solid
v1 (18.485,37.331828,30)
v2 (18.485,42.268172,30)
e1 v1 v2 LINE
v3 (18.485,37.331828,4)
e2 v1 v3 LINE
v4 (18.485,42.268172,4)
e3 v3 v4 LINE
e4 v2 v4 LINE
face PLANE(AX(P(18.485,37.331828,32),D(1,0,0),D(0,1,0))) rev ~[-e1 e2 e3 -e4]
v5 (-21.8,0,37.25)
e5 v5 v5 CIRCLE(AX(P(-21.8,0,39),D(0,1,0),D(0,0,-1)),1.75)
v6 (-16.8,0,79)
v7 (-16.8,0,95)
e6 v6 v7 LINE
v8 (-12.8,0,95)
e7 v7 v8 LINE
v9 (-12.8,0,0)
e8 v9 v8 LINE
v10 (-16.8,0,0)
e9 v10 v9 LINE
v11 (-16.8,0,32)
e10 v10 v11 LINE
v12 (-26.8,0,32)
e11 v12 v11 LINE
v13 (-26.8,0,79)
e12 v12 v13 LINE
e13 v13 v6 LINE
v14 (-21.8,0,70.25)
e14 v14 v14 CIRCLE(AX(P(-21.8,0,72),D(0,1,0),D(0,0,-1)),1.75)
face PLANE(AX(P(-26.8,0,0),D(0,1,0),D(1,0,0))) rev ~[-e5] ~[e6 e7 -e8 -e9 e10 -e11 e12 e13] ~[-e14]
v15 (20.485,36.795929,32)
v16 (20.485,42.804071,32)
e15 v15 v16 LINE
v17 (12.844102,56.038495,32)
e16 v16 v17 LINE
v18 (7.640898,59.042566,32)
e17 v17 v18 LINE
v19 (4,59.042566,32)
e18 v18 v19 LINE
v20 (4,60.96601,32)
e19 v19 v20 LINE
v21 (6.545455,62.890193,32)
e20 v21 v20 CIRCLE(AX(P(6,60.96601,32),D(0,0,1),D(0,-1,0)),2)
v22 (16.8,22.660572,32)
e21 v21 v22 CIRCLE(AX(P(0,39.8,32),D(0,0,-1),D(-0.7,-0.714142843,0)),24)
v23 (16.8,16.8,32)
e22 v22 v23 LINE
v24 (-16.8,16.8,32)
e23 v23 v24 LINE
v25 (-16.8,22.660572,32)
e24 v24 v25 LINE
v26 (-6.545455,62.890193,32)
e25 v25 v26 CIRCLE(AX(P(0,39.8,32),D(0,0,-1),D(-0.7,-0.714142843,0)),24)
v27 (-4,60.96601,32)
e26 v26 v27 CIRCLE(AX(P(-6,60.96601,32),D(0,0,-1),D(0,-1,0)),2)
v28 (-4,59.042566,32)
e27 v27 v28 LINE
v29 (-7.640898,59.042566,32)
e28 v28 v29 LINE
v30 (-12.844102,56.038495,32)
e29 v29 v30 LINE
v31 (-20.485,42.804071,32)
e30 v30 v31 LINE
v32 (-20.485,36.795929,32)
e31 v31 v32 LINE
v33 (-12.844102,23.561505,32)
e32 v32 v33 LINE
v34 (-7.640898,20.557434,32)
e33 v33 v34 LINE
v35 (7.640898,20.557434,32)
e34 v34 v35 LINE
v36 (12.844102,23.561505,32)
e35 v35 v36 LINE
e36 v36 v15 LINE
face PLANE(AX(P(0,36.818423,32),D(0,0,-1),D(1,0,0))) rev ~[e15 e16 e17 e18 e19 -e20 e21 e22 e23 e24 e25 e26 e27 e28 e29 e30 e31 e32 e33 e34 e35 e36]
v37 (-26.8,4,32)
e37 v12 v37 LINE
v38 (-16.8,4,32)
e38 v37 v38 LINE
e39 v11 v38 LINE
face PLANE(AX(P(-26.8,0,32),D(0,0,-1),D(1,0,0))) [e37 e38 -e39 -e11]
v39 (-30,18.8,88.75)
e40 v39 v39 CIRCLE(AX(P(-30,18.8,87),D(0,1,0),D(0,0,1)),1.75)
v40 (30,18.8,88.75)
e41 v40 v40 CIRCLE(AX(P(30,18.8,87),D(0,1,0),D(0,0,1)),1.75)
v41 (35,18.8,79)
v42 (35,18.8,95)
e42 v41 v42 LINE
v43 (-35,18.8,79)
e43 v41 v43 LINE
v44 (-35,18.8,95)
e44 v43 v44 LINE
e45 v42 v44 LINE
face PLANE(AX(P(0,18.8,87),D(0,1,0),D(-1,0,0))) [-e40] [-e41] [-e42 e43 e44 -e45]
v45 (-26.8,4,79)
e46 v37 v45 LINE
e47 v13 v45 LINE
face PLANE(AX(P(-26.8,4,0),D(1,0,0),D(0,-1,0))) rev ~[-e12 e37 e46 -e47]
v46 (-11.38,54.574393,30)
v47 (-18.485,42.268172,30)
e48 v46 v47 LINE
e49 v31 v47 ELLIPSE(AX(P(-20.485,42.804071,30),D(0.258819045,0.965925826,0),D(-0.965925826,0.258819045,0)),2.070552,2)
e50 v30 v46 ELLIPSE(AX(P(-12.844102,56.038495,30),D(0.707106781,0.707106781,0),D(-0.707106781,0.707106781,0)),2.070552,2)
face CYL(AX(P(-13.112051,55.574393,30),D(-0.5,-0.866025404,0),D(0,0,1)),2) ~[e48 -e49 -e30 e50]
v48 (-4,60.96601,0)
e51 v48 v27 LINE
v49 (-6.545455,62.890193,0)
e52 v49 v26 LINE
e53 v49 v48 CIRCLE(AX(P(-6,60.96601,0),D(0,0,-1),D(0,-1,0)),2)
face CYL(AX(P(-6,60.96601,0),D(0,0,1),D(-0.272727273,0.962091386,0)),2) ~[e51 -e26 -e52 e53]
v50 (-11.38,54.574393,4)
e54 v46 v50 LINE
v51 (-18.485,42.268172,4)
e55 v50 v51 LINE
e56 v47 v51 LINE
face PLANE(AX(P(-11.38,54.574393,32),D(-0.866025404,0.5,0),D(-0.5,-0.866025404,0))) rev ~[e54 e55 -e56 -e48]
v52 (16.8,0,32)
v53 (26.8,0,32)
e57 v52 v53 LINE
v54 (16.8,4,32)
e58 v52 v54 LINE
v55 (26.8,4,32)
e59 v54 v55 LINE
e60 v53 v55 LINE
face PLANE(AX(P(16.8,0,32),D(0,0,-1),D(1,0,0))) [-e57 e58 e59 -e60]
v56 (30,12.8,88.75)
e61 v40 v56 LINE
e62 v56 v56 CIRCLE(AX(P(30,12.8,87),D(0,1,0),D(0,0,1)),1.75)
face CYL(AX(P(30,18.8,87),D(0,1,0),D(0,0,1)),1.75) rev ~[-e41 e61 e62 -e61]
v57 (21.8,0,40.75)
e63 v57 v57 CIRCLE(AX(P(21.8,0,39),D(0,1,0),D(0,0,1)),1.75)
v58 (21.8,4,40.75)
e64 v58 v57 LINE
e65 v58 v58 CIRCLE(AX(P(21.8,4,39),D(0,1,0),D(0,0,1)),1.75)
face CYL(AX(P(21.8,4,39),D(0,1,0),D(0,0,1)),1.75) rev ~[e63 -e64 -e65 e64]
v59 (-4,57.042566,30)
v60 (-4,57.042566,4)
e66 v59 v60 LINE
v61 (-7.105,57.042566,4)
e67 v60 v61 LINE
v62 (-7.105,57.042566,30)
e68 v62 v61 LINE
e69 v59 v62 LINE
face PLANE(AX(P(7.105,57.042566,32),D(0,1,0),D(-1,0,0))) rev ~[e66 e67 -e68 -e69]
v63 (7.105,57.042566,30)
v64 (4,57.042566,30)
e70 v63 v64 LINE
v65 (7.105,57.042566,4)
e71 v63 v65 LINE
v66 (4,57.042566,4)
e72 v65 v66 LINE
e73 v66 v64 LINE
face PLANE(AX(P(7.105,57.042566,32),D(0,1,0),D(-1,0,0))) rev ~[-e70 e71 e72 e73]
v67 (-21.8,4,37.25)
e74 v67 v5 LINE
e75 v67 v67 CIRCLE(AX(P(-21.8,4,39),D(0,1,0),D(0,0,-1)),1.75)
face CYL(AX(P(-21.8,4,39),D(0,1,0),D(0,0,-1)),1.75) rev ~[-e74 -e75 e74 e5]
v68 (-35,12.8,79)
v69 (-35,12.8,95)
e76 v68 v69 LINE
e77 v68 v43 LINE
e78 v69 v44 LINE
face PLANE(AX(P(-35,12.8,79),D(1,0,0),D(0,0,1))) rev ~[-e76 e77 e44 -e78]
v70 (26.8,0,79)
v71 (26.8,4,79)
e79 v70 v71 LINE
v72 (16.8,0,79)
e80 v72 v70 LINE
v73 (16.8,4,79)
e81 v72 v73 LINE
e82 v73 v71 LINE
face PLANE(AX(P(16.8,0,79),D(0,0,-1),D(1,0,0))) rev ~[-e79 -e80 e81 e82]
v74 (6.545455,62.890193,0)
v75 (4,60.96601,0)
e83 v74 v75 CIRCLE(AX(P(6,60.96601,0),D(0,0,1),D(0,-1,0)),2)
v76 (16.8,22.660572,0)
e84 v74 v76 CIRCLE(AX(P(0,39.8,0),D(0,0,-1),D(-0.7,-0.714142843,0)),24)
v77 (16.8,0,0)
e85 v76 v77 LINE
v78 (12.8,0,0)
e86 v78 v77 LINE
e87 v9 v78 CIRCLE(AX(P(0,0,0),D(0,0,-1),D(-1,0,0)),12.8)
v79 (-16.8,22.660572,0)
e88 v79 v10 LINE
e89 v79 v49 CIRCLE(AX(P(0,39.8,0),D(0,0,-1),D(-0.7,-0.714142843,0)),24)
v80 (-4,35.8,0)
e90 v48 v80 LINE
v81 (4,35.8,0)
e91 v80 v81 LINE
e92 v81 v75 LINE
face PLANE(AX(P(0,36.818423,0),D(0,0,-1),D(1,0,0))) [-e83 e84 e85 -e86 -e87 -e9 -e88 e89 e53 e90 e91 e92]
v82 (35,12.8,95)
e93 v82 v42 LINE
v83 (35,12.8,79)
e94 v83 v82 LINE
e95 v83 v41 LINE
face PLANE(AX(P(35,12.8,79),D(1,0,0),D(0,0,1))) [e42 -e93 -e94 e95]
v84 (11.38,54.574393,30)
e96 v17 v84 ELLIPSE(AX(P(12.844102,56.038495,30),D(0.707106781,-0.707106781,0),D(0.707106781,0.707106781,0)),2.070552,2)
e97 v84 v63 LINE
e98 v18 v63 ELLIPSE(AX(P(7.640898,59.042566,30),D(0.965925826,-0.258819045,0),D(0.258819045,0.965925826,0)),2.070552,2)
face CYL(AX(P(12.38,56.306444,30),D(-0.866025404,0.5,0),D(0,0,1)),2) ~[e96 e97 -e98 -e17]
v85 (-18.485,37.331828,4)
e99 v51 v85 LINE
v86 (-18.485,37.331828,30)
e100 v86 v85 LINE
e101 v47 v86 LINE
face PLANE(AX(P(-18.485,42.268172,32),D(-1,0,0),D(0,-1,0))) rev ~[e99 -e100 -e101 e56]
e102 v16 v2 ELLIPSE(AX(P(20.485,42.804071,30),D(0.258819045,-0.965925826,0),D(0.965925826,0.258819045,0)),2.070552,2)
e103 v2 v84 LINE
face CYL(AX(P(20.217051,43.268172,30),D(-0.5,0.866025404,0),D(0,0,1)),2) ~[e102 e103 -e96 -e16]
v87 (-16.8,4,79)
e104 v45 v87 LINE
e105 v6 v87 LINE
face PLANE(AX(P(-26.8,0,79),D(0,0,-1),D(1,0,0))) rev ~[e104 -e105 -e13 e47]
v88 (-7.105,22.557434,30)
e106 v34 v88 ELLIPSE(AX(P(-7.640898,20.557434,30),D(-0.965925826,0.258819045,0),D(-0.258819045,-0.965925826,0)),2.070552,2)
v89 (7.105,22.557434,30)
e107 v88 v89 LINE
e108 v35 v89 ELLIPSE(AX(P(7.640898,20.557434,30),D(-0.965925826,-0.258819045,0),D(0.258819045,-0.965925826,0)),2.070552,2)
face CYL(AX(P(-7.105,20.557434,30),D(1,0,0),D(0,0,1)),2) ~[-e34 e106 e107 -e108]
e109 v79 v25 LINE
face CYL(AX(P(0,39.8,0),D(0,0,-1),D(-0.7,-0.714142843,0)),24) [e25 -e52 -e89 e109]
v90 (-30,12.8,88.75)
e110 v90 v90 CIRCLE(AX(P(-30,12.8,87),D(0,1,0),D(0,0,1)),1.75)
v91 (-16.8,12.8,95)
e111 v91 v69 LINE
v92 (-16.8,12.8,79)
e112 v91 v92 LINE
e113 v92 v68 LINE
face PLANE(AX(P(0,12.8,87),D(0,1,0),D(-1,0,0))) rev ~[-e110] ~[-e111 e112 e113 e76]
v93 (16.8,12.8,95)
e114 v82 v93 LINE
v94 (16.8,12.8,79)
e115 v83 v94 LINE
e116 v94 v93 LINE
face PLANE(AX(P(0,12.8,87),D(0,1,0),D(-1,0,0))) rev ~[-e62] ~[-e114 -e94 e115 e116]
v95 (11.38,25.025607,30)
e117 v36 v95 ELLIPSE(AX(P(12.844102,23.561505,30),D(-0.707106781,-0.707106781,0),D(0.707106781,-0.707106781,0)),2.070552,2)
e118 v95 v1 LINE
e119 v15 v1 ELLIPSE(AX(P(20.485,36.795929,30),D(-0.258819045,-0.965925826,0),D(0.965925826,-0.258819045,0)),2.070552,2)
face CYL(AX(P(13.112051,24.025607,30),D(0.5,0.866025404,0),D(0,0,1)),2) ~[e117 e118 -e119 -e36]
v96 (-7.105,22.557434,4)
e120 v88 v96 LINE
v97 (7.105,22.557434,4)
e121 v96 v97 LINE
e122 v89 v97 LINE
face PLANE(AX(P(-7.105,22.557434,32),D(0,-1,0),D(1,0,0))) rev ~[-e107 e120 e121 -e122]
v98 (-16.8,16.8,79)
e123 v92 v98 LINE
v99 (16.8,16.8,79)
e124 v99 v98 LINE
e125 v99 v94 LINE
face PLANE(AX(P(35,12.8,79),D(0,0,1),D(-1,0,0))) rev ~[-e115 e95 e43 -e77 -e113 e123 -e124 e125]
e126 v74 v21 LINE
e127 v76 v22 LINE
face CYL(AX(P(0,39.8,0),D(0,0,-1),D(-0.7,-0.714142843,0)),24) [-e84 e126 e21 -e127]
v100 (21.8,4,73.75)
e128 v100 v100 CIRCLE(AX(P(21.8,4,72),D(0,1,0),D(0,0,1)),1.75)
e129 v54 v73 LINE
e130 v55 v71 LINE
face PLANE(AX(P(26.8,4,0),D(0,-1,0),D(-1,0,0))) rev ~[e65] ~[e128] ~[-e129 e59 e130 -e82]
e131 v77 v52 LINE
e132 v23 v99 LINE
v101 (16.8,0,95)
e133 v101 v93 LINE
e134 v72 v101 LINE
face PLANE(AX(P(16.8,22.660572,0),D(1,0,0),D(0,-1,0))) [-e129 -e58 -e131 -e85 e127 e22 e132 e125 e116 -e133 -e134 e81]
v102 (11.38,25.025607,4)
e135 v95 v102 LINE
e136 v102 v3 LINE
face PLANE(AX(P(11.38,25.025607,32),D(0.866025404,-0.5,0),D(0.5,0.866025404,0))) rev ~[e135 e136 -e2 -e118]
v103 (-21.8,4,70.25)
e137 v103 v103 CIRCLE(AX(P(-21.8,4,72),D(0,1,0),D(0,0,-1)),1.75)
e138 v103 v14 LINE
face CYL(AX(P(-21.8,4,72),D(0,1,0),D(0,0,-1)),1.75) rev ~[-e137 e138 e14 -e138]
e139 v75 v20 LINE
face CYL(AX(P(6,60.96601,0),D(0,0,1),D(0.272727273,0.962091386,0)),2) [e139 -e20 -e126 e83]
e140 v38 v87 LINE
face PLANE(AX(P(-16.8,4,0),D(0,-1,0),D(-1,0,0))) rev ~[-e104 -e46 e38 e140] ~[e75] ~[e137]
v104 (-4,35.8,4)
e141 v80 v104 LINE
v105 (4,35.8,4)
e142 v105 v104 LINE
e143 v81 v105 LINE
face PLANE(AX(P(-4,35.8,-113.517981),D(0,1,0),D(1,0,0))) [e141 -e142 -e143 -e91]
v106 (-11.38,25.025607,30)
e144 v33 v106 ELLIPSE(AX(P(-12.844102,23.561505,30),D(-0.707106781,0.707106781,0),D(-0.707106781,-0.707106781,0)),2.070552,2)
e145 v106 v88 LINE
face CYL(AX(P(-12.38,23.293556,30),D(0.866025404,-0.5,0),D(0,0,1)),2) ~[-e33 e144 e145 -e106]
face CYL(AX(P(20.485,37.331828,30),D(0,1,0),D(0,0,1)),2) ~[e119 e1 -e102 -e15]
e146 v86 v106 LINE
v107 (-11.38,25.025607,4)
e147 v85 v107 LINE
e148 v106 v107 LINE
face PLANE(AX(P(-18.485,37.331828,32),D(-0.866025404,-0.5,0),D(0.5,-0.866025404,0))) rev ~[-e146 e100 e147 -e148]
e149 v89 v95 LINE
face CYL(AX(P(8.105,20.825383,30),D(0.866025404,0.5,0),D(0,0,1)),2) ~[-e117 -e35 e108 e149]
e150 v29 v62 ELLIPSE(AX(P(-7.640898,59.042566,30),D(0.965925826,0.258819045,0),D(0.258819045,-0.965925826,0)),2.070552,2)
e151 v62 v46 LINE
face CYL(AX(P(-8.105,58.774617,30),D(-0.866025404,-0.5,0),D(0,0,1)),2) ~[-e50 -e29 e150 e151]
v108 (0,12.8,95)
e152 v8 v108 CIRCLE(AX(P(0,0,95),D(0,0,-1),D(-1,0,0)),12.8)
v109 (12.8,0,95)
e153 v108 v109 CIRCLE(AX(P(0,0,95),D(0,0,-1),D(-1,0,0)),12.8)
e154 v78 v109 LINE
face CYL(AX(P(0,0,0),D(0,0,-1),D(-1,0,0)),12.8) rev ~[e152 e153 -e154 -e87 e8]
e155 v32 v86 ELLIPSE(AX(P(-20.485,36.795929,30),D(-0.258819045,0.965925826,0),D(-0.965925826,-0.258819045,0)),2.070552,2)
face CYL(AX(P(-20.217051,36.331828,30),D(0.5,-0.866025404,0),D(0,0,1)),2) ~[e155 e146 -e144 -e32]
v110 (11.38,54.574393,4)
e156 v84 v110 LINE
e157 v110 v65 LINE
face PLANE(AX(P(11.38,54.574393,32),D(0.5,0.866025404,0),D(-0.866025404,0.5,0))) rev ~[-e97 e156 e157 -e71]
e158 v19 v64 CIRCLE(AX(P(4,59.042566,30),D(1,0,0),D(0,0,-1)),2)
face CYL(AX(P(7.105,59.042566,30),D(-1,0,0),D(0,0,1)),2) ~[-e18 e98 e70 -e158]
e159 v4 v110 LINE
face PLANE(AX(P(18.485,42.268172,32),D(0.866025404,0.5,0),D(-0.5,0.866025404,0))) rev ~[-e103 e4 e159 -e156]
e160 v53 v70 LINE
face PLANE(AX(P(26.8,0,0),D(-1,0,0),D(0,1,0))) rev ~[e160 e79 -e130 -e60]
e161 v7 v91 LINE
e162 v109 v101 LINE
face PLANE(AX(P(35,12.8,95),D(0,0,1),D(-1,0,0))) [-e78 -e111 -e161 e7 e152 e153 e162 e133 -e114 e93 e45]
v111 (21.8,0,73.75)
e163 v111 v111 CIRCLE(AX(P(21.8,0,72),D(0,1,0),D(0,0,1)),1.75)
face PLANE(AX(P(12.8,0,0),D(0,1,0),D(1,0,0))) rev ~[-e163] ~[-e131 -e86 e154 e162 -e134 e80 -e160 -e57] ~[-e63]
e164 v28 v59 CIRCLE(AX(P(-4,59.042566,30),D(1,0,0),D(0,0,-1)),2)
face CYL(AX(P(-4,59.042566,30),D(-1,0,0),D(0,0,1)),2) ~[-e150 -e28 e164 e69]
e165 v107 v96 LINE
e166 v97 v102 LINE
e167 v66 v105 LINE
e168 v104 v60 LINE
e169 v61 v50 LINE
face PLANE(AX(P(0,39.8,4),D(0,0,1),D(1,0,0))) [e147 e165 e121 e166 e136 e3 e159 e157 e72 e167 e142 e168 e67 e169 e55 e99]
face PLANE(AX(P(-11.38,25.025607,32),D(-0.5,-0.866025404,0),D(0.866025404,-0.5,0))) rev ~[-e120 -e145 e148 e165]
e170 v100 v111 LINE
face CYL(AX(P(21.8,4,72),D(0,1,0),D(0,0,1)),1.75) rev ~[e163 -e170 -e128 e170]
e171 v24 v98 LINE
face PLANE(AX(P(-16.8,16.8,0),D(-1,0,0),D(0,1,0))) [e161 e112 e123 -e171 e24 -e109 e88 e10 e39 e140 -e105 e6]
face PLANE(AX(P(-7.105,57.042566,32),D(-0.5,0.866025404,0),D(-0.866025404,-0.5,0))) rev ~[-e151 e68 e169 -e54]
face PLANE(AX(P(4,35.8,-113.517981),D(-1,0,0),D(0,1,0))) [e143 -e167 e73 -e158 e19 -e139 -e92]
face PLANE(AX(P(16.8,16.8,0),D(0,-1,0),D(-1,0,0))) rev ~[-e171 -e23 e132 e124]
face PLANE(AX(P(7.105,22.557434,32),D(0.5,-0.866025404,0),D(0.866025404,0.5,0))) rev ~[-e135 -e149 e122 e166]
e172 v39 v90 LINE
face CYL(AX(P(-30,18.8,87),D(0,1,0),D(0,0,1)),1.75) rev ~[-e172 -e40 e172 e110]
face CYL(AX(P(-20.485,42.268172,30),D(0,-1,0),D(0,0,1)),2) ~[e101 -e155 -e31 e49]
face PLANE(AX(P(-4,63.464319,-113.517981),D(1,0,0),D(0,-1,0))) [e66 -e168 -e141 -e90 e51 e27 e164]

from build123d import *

# Parameters (mm, degrees)
BOSS_EXTRUDE1_DEPTH      = 95
BOSS_EXTRUDE2_DEPTH      = 32
SKETCH3_W                = 10
SKETCH3_H                = 16
SKETCH3_H_2              = 32
CUT_EXTRUDE1_DEPTH       = 4
CUT_EXTRUDE2_DEPTH       = 28
BOSS_EXTRUDE3_DEPTH      = 2
BOSS_EXTRUDE3_DEPTH_BACK = 4
SKETCH5_W                = 70
SKETCH5_H                = 16
SKETCH6_R                = 1.75
CUT_EXTRUDE3_DEPTH       = 111.792599031
SKETCH7_R                = 1.75
CUT_EXTRUDE4_DEPTH       = 118.58418261
CUT_EXTRUDE5_DEPTH       = 117.517981445
CUT_EXTRUDE5_DEPTH_BACK  = 117.517981445
FILLET1_R                = 2


with BuildPart() as part:
    # Sketch1 → Boss-Extrude1 (new body)
    with BuildSketch(Plane(origin=(0, 0, 0), x_dir=(0, 1, 0), z_dir=(0, 0, 1))):
        with BuildLine():
            Line((16.8, -16.8), (16.8, 16.8))
            Line((16.8, 16.8), (4, 16.8))
            Line((4, 16.8), (4, 26.8))
            Line((4, 26.8), (0, 26.8))
            Line((0, 26.8), (0, 12.8))
            ThreePointArc((0, 12.8), (12.8, 0), (0, -12.8))
            Line((0, -12.8), (0, -26.8))
            Line((0, -26.8), (4, -26.8))
            Line((4, -26.8), (4, -16.8))
            Line((4, -16.8), (16.8, -16.8))
        make_face()
    extrude(amount=BOSS_EXTRUDE1_DEPTH)

    # Sketch2 → Boss-Extrude2 (add)
    with BuildSketch(Plane(origin=(0, 0, 0), x_dir=(1, 0, 0), z_dir=(0, 0, -1))):
        with BuildLine():
            Line((-16.8, -16.8), (-16.8, -22.660571771))
            ThreePointArc((-16.8, -22.660571771), (0, -63.8), (16.8, -22.660571771))
            Line((16.8, -22.660571771), (16.8, -16.8))
            Line((16.8, -16.8), (-16.8, -16.8))
        make_face()
    extrude(amount=-BOSS_EXTRUDE2_DEPTH)

    # Sketch3 → Cut-Extrude1 (cut)
    with BuildSketch(Plane.XZ):
        with Locations((-21.8, 87)):
            Rectangle(SKETCH3_W, SKETCH3_H)
        with Locations((-21.8, 16)):
            Rectangle(SKETCH3_W, SKETCH3_H_2)
        with Locations((21.8, 16)):
            Rectangle(SKETCH3_W, SKETCH3_H_2)
        with Locations((21.8, 87)):
            Rectangle(SKETCH3_W, SKETCH3_H)
    extrude(amount=-CUT_EXTRUDE1_DEPTH, mode=Mode.SUBTRACT)

    # Sketch4 → Cut-Extrude2 (cut)
    with BuildSketch(Plane.XY.offset(32)):
        Polygon((-11.38, 54.574393389), (-18.485, 42.268172401), (-18.485, 37.331827599), (-11.38, 25.025606611), (-7.105, 22.557434211), (7.105, 22.557434211), (11.38, 25.025606611), (18.485, 37.331827599), (18.485, 42.268172401), (11.38, 54.574393389), (7.105, 57.042565789), (-7.105, 57.042565789), align=None)
    extrude(amount=-CUT_EXTRUDE2_DEPTH, mode=Mode.SUBTRACT)

    # Sketch5 → Boss-Extrude3 (add, two sides: drawn at the far end of the back side and taken through both)
    with BuildSketch(Plane(origin=(0, 16.8, 0), x_dir=(-1, 0, 0), z_dir=(0, 1, 0)).offset(-BOSS_EXTRUDE3_DEPTH_BACK)):
        with Locations((0, 87)):
            Rectangle(SKETCH5_W, SKETCH5_H)
    extrude(amount=BOSS_EXTRUDE3_DEPTH + BOSS_EXTRUDE3_DEPTH_BACK)

    # Sketch6 → Cut-Extrude3 (cut, through all)
    with BuildSketch(Plane(origin=(0, 18.8, 0), x_dir=(-1, 0, 0), z_dir=(0, 1, 0))):
        with Locations(Location((-30, 87, 0), (0, 0, 90))):
            Circle(SKETCH6_R)
        with Locations(Location((30, 87, 0), (0, 0, 90))):
            Circle(SKETCH6_R)
    extrude(amount=-CUT_EXTRUDE3_DEPTH, mode=Mode.SUBTRACT)

    # Sketch7 → Cut-Extrude4 (cut, through all)
    with BuildSketch(Plane(origin=(0, 4, 0), x_dir=(-1, 0, 0), z_dir=(0, 1, 0))):
        with Locations(Location((-21.8, 72, 0), (0, 0, 90))):
            Circle(SKETCH7_R)
        with Locations(Location((-21.8, 39, 0), (0, 0, 90))):
            Circle(SKETCH7_R)
        with Locations(Location((21.8, 39, 0), (0, 0, 270))):
            Circle(SKETCH7_R)
        with Locations(Location((21.8, 72, 0), (0, 0, 270))):
            Circle(SKETCH7_R)
    extrude(amount=-CUT_EXTRUDE4_DEPTH, mode=Mode.SUBTRACT)

    # Sketch8 → Cut-Extrude5 (cut, two sides: drawn at the far end of the back side and taken through both)
    with BuildSketch(Plane.XY.offset(4).offset(-CUT_EXTRUDE5_DEPTH_BACK)):
        with BuildLine():
            Line((-4, 35.8), (4, 35.8))
            Line((4, 35.8), (4, 63.464319132))
            ThreePointArc((4, 63.464319132), (0, 63.8), (-4, 63.464319132))
            Line((-4, 63.464319132), (-4, 35.8))
        make_face()
    extrude(amount=CUT_EXTRUDE5_DEPTH + CUT_EXTRUDE5_DEPTH_BACK, mode=Mode.SUBTRACT)

    # Fillet1
    fillet1_edges = [part.edges().sort_by_distance(p)[0] for p in [
        (-9.2425, 55.808479589, 32),
        (-14.9325, 48.421282895, 32),
        (-18.485, 39.8, 32),
        (-14.9325, 31.178717105, 32),
        (-9.2425, 23.791520411, 32),
        (0, 22.557434211, 32),
        (9.2425, 23.791520411, 32),
        (14.9325, 31.178717105, 32),
        (18.485, 39.8, 32),
        (14.9325, 48.421282895, 32),
        (9.2425, 55.808479589, 32),
        (5.5525, 57.042565789, 32),
        (-5.5525, 57.042565789, 32),
        (-4, 63.464319132, 16),
        (4, 63.464319132, 16),
    ]]
    fillet(fillet1_edges, radius=FILLET1_R)


solid = part.part
